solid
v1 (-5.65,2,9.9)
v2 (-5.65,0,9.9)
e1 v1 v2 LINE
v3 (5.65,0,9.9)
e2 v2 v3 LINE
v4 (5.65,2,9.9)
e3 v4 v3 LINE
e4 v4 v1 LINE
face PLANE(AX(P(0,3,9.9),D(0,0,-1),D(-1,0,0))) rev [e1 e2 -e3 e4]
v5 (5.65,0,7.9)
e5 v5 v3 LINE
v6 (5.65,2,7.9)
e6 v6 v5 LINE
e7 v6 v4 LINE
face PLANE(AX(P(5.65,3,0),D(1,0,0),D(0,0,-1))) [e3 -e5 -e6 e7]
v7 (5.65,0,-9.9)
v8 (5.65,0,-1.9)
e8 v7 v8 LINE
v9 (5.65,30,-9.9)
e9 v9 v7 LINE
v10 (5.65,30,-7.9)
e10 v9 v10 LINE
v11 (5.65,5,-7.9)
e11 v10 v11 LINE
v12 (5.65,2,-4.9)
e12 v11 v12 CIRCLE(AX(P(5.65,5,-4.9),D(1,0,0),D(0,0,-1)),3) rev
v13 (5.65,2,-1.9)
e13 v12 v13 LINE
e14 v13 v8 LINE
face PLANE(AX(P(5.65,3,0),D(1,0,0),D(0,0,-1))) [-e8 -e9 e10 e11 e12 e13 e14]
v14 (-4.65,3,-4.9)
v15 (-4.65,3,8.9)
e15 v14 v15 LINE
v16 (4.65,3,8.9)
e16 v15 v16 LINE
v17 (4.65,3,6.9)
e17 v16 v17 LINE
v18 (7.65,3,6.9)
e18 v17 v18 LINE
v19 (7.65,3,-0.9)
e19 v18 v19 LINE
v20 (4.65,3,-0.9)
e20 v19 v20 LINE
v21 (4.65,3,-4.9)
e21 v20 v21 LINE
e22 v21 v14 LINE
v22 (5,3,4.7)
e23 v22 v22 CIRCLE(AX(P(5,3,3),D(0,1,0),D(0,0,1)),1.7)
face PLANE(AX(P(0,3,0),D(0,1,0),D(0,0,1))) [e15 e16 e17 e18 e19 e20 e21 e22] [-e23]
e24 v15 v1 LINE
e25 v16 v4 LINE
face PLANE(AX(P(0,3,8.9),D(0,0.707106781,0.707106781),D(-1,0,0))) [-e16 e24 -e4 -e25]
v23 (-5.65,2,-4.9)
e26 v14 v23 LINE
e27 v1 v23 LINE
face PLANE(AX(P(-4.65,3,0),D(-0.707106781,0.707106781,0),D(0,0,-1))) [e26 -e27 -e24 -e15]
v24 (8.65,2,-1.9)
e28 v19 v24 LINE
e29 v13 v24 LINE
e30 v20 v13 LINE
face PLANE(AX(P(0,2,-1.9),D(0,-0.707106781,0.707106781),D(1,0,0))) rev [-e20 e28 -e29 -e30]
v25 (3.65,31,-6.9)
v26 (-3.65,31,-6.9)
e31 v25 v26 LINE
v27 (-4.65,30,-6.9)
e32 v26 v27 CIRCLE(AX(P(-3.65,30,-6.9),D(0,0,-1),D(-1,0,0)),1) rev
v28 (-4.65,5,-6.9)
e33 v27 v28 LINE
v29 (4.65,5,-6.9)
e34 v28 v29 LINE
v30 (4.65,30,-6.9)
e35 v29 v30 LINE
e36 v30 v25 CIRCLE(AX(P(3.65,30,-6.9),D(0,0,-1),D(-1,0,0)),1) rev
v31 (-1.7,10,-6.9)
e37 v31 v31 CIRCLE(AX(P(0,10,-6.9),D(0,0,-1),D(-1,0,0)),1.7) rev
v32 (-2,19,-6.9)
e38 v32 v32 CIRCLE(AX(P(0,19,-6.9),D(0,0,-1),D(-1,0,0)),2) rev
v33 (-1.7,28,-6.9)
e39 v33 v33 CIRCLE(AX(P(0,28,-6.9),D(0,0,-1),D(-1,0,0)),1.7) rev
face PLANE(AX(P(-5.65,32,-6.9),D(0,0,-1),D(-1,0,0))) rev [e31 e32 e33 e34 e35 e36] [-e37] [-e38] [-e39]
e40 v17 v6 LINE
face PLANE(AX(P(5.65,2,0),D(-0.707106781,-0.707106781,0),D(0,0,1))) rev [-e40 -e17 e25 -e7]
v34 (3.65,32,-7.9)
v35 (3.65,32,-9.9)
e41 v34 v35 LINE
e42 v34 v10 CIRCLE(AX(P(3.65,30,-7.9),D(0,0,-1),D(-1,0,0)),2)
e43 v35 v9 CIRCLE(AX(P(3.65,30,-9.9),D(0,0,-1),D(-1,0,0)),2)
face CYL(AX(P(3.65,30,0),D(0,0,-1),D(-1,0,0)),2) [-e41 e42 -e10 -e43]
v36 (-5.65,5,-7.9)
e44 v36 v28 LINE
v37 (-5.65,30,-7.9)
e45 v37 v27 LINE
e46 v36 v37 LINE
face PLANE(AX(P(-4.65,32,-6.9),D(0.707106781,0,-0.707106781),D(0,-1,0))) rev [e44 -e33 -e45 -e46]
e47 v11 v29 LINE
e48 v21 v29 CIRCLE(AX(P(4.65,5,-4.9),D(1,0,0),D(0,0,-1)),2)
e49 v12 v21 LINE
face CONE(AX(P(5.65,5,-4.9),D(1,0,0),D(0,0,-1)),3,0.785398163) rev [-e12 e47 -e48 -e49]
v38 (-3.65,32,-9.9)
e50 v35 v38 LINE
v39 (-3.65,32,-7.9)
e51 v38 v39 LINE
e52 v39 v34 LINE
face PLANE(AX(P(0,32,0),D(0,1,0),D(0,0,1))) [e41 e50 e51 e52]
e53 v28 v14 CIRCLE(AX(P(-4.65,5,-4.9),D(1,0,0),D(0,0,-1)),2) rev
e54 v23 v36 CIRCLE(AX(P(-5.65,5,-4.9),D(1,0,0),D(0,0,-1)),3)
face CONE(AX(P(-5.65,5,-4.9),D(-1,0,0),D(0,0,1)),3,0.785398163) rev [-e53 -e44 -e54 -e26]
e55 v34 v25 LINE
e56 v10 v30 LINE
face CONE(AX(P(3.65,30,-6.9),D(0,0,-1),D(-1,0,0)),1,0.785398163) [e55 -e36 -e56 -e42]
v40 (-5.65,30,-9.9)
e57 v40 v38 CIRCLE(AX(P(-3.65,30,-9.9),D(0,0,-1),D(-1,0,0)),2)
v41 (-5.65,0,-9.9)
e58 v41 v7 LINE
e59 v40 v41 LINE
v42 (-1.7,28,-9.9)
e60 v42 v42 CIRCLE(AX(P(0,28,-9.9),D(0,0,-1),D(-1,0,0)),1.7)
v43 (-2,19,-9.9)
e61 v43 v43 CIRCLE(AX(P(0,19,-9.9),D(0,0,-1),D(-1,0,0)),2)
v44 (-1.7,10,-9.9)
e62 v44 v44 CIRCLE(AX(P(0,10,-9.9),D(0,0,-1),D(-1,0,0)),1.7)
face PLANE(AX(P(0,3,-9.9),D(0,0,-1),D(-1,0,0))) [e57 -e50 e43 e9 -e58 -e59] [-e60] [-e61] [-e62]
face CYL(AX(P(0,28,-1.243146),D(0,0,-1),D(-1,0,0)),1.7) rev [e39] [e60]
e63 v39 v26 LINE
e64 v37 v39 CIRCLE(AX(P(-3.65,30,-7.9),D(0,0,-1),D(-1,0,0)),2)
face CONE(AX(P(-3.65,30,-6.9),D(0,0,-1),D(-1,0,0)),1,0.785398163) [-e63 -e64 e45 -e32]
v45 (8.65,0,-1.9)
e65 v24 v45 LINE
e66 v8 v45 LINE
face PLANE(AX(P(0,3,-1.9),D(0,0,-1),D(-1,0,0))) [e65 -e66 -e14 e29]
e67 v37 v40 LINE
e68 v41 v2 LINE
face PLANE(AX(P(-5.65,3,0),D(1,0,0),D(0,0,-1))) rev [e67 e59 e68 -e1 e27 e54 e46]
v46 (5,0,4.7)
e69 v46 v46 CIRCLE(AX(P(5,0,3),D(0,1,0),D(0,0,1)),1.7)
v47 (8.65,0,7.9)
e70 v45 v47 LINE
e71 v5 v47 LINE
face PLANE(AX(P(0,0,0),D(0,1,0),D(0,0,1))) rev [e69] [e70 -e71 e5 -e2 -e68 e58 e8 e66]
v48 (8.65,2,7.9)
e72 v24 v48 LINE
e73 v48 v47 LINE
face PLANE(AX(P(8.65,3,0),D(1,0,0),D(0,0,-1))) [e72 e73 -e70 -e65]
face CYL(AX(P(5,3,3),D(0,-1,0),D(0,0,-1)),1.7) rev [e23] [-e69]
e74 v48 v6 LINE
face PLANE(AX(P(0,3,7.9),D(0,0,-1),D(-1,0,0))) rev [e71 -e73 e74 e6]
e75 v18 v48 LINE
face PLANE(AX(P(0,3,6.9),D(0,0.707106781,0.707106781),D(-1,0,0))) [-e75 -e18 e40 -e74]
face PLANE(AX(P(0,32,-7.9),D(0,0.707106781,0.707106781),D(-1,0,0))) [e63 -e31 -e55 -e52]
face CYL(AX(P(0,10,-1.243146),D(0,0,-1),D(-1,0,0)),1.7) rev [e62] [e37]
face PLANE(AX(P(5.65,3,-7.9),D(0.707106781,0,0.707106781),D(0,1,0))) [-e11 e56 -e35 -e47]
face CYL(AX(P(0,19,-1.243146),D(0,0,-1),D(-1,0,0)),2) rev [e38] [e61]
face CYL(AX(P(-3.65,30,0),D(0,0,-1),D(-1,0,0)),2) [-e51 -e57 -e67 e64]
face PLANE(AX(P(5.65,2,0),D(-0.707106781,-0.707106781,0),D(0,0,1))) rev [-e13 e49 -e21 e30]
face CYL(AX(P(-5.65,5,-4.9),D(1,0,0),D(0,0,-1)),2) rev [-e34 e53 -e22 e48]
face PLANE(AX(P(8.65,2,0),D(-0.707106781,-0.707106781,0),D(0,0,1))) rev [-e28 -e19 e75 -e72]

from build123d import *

# Parameters (mm, degrees)
SKETCH1_R           = 1.7
BOSS_EXTRUDE1_DEPTH = 3
SKETCH2_W           = 11.3
SKETCH2_H           = 3
BOSS_EXTRUDE2_DEPTH = 29
SKETCH3_R           = 1.7
SKETCH3_R_2         = 2
CUT_EXTRUDE1_DEPTH  = 3
FILLET1_R           = 2
CHAMFER1_SIZE       = 1


with BuildPart() as part:
    # Sketch1 → Boss-Extrude1 (new body)
    with BuildSketch(Plane(origin=(0, 0, 0), x_dir=(1, 0, 0), z_dir=(0, 1, 0))):
        Polygon((5.65, 9.9), (-5.65, 9.9), (-5.65, -9.9), (5.65, -9.9), (5.65, -7.9), (8.65, -7.9), (8.65, 1.9), (5.65, 1.9), align=None)
        with Locations(Location((5, -3, 0), (0, 0, 270))):
            Circle(SKETCH1_R, mode=Mode.SUBTRACT)
    extrude(amount=BOSS_EXTRUDE1_DEPTH)

    # Sketch2 → Boss-Extrude2 (add)
    with BuildSketch(Plane(origin=(0, 3, 0), x_dir=(1, 0, 0), z_dir=(0, 1, 0))):
        with Locations((0, 8.4)):
            Rectangle(SKETCH2_W, SKETCH2_H)
    extrude(amount=BOSS_EXTRUDE2_DEPTH)

    # Sketch3 → Cut-Extrude1 (cut)
    with BuildSketch(Plane(origin=(0, 0, -9.9), x_dir=(-1, 0, 0), z_dir=(0, 0, -1))):
        with Locations((0, 28)):
            Circle(SKETCH3_R)
        with Locations((0, 10)):
            Circle(SKETCH3_R)
        with Locations((0, 19)):
            Circle(SKETCH3_R_2)
    extrude(amount=-CUT_EXTRUDE1_DEPTH, mode=Mode.SUBTRACT)

    # Fillet1
    fillet1_edges = [part.edges().sort_by_distance(p)[0] for p in [
        (0, 3, -6.9),
        (-5.65, 32, -8.4),
        (5.65, 32, -8.4),
    ]]
    fillet(fillet1_edges, radius=FILLET1_R)

    # Chamfer1
    chamfer1_edges = [part.edges().sort_by_distance(p)[0] for p in [
        (7.15, 3, -1.9),
        (0, 3, 9.9),
        (5.65, 3, 8.9),
        (7.15, 3, 7.9),
        (8.65, 3, 3),
        (5.65, 17.5, -6.9),
        (0, 32, -6.9),
        (-5.65, 17.5, -6.9),
        (-5.064213562, 31.414213562, -6.9),
        (5.064213562, 31.414213562, -6.9),
        (-5.65, 3, 2.5),
        (5.65, 3, -3.4),
        (5.65, 3.585786438, -6.314213562),
        (-5.65, 3.585786438, -6.314213562),
    ]]
    chamfer(chamfer1_edges, length=CHAMFER1_SIZE)


solid = part.part
